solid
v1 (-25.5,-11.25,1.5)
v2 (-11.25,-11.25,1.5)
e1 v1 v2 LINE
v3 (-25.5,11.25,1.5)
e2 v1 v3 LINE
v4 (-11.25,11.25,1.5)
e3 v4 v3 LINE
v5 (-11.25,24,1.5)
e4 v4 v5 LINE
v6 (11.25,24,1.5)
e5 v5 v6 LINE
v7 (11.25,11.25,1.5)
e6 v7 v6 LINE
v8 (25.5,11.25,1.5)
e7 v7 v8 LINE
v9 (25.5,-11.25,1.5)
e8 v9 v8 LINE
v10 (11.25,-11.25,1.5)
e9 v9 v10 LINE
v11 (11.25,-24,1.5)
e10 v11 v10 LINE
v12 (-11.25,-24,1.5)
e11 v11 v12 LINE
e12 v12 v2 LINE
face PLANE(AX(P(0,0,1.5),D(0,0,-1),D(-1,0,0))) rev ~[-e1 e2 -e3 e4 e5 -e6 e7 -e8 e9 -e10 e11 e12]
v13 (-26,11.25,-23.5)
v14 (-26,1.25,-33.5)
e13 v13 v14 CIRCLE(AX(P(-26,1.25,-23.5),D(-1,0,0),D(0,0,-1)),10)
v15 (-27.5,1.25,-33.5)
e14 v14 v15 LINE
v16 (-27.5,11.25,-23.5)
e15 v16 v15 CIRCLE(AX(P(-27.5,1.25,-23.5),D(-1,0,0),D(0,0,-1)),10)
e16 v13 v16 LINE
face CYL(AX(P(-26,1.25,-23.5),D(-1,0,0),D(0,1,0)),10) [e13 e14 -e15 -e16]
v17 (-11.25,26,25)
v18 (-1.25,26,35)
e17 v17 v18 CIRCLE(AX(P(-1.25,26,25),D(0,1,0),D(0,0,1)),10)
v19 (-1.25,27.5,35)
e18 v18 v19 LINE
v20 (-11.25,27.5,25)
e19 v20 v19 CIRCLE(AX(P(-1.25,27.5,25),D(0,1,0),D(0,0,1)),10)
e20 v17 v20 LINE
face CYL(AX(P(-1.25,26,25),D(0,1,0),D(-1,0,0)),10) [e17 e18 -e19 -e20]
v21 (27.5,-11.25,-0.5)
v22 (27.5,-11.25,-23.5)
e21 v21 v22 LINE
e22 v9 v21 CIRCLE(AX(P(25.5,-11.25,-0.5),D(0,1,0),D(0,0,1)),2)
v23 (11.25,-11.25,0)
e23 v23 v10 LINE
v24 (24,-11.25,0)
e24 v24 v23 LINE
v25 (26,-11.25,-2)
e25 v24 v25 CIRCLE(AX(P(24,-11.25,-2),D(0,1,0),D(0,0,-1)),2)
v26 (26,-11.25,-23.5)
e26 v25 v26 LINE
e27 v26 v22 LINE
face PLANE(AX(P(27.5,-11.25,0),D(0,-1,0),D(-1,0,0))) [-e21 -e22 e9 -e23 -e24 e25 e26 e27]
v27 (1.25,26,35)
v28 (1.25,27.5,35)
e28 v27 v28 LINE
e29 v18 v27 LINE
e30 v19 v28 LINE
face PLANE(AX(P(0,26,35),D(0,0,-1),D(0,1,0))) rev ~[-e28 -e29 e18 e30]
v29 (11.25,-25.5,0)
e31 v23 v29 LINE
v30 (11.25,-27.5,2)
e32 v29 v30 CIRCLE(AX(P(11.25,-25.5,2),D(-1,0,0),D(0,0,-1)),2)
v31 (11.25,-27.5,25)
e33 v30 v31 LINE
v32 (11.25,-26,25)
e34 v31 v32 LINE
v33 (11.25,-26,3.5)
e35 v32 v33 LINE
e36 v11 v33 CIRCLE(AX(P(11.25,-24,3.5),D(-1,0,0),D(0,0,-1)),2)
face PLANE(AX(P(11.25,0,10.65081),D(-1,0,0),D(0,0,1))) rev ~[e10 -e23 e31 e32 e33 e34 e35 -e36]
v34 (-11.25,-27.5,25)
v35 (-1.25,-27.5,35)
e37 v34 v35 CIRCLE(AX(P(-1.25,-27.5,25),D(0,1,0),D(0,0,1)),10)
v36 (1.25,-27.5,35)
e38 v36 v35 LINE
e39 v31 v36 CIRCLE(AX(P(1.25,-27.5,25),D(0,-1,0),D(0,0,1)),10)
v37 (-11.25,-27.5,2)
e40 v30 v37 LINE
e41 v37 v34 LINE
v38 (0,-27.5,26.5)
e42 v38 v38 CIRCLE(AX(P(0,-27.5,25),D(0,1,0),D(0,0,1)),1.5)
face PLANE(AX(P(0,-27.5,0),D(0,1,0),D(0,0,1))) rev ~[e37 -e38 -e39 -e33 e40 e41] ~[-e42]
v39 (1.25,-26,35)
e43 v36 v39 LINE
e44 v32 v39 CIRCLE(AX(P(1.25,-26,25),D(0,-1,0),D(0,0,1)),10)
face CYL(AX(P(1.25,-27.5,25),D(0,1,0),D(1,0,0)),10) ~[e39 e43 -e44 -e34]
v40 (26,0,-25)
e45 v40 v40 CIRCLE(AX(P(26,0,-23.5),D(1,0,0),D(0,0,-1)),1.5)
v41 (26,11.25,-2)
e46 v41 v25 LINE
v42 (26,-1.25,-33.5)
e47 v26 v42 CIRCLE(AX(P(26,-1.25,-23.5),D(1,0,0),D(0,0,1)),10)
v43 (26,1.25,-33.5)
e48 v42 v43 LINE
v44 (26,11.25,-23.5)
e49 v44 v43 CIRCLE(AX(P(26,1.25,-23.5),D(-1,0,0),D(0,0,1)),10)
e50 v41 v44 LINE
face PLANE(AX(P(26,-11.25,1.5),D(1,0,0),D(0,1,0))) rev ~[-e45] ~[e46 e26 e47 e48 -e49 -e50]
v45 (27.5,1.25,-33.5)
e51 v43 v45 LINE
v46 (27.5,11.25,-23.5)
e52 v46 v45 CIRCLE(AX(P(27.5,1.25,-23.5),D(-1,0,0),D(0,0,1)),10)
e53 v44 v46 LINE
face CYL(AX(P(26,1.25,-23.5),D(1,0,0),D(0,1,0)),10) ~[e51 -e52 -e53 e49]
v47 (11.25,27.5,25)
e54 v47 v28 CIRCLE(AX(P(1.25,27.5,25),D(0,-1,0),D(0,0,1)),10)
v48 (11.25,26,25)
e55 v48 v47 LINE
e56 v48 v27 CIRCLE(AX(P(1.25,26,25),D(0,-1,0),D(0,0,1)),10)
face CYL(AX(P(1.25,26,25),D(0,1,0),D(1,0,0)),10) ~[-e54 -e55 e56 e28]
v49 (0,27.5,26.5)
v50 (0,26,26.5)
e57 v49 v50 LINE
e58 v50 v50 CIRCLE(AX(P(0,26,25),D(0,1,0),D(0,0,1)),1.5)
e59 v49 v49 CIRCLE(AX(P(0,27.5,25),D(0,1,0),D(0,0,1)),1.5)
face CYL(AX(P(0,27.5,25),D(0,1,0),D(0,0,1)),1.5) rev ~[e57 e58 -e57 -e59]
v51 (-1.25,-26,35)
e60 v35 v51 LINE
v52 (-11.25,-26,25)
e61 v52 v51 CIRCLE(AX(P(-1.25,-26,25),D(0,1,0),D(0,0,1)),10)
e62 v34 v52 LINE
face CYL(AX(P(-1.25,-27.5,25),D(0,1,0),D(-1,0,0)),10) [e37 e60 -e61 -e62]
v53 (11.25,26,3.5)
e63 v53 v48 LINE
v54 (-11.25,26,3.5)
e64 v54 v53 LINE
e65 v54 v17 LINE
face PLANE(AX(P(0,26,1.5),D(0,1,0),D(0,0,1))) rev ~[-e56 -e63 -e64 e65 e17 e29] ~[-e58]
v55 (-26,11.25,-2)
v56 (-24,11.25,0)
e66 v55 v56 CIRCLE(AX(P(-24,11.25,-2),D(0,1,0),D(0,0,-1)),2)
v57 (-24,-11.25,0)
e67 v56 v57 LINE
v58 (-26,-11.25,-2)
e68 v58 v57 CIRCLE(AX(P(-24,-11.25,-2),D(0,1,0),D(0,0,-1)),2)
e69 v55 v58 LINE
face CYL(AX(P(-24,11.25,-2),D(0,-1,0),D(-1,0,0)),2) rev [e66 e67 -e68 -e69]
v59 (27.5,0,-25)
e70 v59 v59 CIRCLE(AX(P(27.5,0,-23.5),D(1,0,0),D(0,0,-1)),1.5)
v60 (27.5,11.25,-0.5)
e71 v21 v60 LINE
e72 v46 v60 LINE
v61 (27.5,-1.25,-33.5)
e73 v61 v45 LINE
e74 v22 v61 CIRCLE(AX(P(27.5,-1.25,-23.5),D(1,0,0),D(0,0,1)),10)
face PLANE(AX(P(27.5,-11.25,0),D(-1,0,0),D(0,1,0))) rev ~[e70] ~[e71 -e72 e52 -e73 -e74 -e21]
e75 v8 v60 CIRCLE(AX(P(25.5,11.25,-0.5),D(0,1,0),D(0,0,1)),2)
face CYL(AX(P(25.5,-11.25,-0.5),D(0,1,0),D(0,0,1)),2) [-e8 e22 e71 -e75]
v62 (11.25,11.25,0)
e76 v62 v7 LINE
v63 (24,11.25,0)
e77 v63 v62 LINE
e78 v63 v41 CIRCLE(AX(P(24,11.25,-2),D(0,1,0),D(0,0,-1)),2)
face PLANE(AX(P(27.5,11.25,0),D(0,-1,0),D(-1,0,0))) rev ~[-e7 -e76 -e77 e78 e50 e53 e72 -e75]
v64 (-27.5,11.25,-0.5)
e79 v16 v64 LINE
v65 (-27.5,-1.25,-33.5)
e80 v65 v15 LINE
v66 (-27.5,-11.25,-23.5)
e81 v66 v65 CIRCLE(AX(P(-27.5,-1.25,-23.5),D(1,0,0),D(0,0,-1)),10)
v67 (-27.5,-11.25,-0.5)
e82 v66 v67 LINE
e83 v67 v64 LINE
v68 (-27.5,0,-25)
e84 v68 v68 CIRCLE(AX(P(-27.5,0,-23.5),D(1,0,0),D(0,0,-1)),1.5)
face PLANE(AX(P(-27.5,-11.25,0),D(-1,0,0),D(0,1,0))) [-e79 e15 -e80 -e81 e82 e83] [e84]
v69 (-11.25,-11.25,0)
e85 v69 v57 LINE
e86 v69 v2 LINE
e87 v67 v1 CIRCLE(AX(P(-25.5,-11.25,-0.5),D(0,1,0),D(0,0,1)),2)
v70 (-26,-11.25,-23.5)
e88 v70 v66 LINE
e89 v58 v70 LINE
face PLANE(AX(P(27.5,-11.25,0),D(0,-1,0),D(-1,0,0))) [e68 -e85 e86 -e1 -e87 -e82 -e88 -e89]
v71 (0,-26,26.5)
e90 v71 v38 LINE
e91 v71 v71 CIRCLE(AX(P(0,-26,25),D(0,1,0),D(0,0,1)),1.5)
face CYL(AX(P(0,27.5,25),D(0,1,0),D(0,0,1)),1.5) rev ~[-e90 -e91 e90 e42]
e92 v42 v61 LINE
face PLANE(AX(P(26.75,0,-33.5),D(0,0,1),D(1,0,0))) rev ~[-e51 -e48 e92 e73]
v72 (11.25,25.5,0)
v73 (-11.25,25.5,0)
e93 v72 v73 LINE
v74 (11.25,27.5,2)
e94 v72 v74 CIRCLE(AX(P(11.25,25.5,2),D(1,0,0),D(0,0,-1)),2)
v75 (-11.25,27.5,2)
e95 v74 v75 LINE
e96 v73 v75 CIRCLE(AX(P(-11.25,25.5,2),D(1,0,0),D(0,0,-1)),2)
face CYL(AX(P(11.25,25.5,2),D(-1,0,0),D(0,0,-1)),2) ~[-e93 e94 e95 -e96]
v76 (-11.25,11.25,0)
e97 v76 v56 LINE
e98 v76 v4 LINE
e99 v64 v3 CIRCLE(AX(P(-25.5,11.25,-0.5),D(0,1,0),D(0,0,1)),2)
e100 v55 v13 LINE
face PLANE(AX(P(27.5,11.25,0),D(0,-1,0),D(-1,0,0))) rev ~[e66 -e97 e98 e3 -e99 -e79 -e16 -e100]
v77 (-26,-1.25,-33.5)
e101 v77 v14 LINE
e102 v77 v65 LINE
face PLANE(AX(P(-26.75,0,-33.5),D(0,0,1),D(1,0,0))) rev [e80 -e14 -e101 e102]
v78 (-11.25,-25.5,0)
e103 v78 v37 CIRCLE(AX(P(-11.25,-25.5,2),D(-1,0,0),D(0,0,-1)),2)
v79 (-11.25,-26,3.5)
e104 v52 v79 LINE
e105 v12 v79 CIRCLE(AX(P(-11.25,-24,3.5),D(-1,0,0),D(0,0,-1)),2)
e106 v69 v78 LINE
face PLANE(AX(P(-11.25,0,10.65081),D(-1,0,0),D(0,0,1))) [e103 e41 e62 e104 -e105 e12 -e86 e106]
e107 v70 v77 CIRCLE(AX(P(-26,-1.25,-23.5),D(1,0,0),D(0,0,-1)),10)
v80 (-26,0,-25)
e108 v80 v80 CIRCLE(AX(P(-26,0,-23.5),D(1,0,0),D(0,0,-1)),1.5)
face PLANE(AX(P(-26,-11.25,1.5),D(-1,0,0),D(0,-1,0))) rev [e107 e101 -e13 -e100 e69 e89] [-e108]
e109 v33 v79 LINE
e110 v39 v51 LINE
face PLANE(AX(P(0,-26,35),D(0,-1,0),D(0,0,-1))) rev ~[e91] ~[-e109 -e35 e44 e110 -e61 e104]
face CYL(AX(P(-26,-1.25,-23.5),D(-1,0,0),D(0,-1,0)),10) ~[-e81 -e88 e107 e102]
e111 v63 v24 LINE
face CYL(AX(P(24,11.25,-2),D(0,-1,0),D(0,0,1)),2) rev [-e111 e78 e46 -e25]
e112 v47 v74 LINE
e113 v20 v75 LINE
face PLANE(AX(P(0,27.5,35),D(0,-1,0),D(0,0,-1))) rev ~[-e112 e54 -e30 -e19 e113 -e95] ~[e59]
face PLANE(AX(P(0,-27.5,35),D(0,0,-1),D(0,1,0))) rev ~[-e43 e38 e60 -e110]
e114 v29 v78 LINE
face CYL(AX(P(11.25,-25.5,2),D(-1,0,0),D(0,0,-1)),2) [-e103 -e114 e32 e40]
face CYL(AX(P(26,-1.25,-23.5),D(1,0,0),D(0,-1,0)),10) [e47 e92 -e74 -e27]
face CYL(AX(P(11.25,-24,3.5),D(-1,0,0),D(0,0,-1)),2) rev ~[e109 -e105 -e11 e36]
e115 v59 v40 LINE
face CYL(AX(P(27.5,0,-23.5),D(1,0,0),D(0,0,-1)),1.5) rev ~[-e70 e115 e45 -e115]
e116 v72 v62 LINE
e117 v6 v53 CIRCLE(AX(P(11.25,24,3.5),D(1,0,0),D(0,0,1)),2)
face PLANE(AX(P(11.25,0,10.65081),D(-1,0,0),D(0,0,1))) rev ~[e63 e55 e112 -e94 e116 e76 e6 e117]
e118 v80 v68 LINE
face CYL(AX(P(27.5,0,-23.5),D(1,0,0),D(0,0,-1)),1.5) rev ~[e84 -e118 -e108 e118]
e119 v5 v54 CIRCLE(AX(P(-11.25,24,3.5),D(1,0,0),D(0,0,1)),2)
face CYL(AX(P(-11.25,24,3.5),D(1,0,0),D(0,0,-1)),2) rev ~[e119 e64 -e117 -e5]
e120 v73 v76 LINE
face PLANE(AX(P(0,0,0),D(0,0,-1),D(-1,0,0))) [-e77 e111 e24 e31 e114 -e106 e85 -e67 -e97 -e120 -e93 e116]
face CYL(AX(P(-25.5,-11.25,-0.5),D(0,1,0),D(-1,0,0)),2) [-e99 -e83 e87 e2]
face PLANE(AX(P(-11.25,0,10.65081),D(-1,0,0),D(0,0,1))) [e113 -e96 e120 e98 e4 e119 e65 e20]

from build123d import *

# Parameters (mm, degrees)
EXTRUDE_1_DEPTH     = 11.25
SKETCH_2_R          = 1.5
CUT_EXTRUDE_1_DEPTH = 67.155593112
SKETCH_3_W          = 55
SKETCH_3_H          = 22.5
EXTRUDE_1_2_DEPTH   = 1.5
SKETCH_4_W          = 1.5
SKETCH_4_H          = 22.5
EXTRUDE_2_DEPTH     = 35
SKETCH_5_R          = 1.5
CUT_EXTRUDE_2_DEPTH = 71.75485849
FILLET_1_R          = 10
FILLET_2_R          = 2


with BuildPart() as part:
    # 草图1 → Extrude 1 (new, symmetric)
    with BuildSketch(Plane(origin=(0, 0, 0), x_dir=(0, 0, -1), z_dir=(1, 0, 0))):
        Polygon((-35, 27.5), (0, 27.5), (0, -27.5), (-35, -27.5), (-35, -26), (-1.5, -26), (-1.5, 26), (-35, 26), align=None)
    extrude(amount=EXTRUDE_1_DEPTH, both=True)

    # 草图2 → 切除-拉伸1 (cut, through all)
    with BuildSketch(Plane(origin=(0, 27.5, 0), x_dir=(1, 0, 0), z_dir=(0, 1, 0))):
        with Locations(Location((0, -25, 0), (0, 0, 270))):
            Circle(SKETCH_2_R)
    extrude(amount=-CUT_EXTRUDE_1_DEPTH, mode=Mode.SUBTRACT)

    # 草图3 → Extrude 1 2 (add)
    with BuildSketch(Plane(origin=(0, 0, 0), x_dir=(-1, 0, 0), z_dir=(0, 0, -1))):
        Rectangle(SKETCH_3_W, SKETCH_3_H)
    extrude(amount=-EXTRUDE_1_2_DEPTH)

    # 草图4 → 凸台-拉伸2 (add)
    with BuildSketch(Plane.XY.offset(1.5)):
        with Locations((26.75, 0)):
            Rectangle(SKETCH_4_W, SKETCH_4_H)
    extrude_2 = extrude(amount=-EXTRUDE_2_DEPTH)

    # 镜向1: 凸台-拉伸2 across plane
    add(extrude_2.mirror(Plane(origin=(0, 0, 0), x_dir=(0, 0, 1), z_dir=(1, 0, 0))))

    # 草图5 → 切除-拉伸2 (cut, through all)
    with BuildSketch(Plane(origin=(27.5, 0, 0), x_dir=(0, 0, -1), z_dir=(1, 0, 0))):
        with Locations((23.5, 0)):
            Circle(SKETCH_5_R)
    extrude(amount=-CUT_EXTRUDE_2_DEPTH, mode=Mode.SUBTRACT)

    # 圆角1
    fillet_1_edges = [part.edges().sort_by_distance(p)[0] for p in [
        (11.25, 26.75, 35),
        (11.25, -26.75, 35),
        (-11.25, 26.75, 35),
        (26.75, 11.25, -33.5),
        (26.75, -11.25, -33.5),
        (-11.25, -26.75, 35),
        (-26.75, -11.25, -33.5),
        (-26.75, 11.25, -33.5),
    ]]
    fillet(fillet_1_edges, radius=FILLET_1_R)

    # 圆角2
    fillet_2_edges = [part.edges().sort_by_distance(p)[0] for p in [
        (0, -26, 1.5),
        (0, 26, 1.5),
        (0, 27.5, 0),
        (0, -27.5, 0),
        (27.5, 0, 1.5),
        (-27.5, 0, 1.5),
        (26, 0, 0),
        (-26, 0, 0),
    ]]
    fillet(fillet_2_edges, radius=FILLET_2_R)


solid = part.part
